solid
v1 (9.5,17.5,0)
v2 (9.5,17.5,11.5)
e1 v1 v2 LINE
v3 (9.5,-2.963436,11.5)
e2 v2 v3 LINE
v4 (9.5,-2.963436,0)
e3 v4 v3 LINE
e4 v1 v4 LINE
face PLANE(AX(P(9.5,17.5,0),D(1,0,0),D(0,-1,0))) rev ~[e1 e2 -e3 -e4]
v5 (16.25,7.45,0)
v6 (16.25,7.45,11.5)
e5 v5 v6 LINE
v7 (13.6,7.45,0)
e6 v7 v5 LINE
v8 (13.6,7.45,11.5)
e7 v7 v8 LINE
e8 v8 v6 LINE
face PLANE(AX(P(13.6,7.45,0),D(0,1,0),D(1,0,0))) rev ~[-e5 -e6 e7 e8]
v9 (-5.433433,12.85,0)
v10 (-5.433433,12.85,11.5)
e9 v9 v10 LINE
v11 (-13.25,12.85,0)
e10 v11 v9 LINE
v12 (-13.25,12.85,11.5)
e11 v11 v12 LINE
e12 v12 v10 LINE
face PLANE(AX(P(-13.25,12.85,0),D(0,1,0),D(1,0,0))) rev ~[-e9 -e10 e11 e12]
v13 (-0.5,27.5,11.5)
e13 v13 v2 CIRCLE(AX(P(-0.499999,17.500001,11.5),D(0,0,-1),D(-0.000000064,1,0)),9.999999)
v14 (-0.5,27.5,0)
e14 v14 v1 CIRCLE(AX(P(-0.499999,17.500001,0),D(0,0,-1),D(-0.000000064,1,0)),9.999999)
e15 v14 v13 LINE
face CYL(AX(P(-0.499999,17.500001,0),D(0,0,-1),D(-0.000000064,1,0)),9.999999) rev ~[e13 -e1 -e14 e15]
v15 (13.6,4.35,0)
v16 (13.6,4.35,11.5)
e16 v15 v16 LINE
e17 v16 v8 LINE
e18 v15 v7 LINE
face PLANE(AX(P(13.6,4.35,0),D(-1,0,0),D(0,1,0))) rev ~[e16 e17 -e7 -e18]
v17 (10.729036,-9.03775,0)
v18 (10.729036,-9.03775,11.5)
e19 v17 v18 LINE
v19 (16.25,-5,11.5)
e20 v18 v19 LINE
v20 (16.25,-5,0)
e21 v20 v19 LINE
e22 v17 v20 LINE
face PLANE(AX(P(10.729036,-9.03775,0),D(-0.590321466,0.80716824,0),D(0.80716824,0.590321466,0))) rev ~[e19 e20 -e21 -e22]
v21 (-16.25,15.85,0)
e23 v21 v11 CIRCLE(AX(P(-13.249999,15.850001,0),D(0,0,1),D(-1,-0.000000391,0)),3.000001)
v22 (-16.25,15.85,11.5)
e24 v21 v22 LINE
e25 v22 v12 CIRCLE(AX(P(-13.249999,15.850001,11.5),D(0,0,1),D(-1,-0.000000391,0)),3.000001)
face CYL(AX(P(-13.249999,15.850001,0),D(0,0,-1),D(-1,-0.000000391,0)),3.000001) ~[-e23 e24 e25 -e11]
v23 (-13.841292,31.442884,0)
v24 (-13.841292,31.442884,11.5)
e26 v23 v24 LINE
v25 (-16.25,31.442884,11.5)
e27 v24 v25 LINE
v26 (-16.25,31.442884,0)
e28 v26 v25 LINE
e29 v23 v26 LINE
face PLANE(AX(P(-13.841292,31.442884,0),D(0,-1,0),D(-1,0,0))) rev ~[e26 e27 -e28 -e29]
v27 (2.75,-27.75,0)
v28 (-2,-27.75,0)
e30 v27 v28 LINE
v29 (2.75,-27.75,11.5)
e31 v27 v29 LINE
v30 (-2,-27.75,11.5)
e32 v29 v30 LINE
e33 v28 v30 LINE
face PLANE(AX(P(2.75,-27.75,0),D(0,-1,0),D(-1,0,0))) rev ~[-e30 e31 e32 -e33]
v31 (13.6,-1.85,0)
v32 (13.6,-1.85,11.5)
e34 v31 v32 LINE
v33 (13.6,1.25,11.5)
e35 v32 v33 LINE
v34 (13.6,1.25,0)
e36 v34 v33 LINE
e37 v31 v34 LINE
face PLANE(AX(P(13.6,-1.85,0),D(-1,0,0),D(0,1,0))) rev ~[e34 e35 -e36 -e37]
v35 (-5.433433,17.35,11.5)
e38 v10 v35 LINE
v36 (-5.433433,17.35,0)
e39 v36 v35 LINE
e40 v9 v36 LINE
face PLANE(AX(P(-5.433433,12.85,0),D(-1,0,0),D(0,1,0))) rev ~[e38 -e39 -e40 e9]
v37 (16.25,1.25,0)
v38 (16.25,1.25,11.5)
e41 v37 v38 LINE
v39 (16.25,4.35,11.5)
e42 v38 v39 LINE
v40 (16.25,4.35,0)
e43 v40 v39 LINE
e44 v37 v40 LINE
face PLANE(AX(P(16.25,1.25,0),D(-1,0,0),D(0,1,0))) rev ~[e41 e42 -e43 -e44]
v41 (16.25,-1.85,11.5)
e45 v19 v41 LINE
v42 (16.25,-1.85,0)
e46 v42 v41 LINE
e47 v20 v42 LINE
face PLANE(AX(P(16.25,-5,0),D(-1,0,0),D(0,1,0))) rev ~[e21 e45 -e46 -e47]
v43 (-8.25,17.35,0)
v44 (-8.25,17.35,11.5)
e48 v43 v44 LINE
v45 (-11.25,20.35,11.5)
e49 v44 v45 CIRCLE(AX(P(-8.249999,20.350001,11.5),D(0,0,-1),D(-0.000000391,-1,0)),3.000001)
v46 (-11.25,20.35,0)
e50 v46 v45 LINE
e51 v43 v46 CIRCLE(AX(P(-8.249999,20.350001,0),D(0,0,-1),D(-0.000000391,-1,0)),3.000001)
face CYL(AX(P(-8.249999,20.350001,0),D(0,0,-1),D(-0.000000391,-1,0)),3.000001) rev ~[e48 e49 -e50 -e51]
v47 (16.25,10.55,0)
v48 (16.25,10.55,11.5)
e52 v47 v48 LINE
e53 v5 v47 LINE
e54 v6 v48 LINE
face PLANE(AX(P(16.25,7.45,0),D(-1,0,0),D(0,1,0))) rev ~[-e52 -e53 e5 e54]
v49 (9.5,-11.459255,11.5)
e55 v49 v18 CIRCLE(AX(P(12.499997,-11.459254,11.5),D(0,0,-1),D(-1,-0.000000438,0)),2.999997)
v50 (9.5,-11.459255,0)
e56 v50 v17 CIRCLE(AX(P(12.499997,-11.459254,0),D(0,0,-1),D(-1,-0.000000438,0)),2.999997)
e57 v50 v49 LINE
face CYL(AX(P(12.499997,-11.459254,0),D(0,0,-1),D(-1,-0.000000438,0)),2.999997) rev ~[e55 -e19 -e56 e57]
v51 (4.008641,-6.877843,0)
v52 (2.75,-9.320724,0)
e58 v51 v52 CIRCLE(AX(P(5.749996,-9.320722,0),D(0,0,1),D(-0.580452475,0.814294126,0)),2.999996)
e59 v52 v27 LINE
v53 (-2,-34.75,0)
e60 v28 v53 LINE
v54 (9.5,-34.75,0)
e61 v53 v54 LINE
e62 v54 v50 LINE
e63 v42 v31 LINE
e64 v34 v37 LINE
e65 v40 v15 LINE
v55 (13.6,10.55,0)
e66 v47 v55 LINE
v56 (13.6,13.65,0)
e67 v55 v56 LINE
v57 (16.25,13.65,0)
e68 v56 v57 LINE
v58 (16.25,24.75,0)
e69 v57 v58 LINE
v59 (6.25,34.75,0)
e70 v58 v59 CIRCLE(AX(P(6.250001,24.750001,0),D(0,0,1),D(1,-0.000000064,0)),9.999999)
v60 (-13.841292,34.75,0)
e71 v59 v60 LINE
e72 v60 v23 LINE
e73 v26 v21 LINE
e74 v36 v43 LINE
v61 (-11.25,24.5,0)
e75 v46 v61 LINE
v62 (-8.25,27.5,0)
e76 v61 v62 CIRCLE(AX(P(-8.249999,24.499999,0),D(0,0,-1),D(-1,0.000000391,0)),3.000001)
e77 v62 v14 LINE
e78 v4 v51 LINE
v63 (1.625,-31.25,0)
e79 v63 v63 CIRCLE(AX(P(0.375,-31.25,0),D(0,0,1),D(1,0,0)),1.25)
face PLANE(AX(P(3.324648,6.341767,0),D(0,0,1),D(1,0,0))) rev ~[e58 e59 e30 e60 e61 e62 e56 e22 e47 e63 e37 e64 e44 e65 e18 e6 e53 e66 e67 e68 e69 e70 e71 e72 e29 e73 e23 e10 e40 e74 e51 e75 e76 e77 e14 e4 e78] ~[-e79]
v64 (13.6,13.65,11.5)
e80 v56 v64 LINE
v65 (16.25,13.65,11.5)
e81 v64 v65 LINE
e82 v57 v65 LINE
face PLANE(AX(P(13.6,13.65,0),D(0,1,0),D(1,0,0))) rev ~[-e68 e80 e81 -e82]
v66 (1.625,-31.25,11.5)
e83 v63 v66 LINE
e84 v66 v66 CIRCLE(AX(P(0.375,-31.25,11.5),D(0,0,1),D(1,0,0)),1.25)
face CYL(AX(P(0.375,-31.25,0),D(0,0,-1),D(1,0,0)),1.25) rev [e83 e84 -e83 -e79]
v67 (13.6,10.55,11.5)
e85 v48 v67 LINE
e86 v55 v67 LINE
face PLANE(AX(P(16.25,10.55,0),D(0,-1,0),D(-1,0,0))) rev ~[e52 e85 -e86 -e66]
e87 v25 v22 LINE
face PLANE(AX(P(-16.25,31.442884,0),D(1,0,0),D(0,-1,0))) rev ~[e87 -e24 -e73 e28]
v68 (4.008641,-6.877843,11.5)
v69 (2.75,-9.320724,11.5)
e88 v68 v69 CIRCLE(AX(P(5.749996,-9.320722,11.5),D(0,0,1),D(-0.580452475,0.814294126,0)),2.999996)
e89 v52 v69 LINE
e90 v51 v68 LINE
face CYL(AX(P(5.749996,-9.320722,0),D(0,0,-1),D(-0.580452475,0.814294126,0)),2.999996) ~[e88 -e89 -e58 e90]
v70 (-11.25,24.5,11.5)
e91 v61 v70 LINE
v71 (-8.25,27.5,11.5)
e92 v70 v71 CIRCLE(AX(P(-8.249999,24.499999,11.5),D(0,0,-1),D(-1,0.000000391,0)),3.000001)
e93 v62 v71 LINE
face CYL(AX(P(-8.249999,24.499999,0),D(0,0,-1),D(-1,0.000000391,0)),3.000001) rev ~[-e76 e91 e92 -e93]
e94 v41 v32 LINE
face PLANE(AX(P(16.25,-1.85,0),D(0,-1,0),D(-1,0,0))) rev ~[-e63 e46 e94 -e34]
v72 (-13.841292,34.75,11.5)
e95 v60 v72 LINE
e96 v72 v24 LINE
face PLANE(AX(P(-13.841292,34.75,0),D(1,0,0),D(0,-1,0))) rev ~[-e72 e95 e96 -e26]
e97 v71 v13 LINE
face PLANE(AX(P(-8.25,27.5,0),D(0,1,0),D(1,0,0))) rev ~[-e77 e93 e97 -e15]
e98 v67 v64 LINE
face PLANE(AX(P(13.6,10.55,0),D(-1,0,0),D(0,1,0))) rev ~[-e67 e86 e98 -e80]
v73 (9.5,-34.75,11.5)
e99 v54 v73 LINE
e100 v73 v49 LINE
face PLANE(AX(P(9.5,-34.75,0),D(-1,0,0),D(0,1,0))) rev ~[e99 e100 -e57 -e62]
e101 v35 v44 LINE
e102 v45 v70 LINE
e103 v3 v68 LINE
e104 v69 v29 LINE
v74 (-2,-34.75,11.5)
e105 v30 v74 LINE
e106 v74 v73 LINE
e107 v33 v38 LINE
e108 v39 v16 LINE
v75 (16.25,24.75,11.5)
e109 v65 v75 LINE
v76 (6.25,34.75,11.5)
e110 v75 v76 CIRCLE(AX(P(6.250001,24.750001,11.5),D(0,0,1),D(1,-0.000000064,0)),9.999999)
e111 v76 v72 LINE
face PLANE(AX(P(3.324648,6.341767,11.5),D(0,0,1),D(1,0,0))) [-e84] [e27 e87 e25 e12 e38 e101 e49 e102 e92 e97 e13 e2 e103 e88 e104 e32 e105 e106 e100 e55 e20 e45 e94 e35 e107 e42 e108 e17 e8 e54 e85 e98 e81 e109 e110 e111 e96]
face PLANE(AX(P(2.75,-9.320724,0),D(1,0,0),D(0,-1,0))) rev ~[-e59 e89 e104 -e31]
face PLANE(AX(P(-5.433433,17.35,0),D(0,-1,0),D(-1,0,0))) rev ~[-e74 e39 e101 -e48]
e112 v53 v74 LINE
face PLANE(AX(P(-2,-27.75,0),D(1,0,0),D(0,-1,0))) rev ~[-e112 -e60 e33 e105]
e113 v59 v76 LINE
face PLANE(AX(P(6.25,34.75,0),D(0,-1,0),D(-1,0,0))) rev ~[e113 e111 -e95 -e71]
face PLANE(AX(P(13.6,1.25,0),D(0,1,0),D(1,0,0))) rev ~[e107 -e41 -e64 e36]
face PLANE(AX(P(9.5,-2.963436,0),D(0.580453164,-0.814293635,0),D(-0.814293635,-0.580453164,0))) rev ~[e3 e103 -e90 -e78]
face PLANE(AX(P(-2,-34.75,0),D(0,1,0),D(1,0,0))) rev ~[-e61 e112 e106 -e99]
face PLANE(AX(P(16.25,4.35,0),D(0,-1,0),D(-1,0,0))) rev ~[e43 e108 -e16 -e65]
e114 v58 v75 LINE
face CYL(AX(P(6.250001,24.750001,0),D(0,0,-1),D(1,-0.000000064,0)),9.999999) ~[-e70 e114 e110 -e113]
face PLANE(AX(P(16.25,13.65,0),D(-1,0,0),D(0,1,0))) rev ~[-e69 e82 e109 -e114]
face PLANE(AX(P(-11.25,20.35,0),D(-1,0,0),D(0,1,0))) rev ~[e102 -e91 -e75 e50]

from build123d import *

# Parameters (mm, degrees)
F0_R     = 1.25
F1_DEPTH = 11.5


with BuildPart() as f1:
    # F0 (on Top) → F1 (new body)
    with BuildSketch(Plane.XY):
        with BuildLine():
            Line((-2, -34.75), (4.75, -34.75))
            Line((4.75, -34.75), (9.5, -34.75))
            Line((9.5, -34.75), (9.5, -27.75))
            Line((9.5, -27.75), (9.5, -11.459255))
            ThreePointArc((9.5, -11.459255), (9.824846, -10.10148), (10.729036, -9.03775))
            Line((10.729036, -9.03775), (16.25, -5))
            Line((16.25, -5), (16.25, -1.85))
            Line((16.25, -1.85), (13.6, -1.85))
            Line((13.6, -1.85), (13.6, 1.25))
            Line((13.6, 1.25), (16.25, 1.25))
            Line((16.25, 1.25), (16.25, 4.35))
            Line((16.25, 4.35), (13.6, 4.35))
            Line((13.6, 4.35), (13.6, 7.45))
            Line((13.6, 7.45), (16.25, 7.45))
            Line((16.25, 7.45), (16.25, 10.55))
            Line((16.25, 10.55), (13.6, 10.55))
            Line((13.6, 10.55), (13.6, 13.65))
            Line((13.6, 13.65), (16.25, 13.65))
            Line((16.25, 13.65), (16.25, 24.75))
            ThreePointArc((16.25, 24.75), (13.321068, 31.821068), (6.25, 34.75))
            Line((6.25, 34.75), (-13.841292, 34.75))
            Line((-13.841292, 34.75), (-13.841292, 31.442884))
            Line((-13.841292, 31.442884), (-16.25, 31.442884))
            Line((-16.25, 31.442884), (-16.25, 15.85))
            ThreePointArc((-16.25, 15.85), (-15.37132, 13.72868), (-13.25, 12.85))
            Line((-13.25, 12.85), (-5.433433, 12.85))
            Line((-5.433433, 12.85), (-5.433433, 17.35))
            Line((-5.433433, 17.35), (-8.25, 17.35))
            ThreePointArc((-8.25, 17.35), (-10.37132, 18.22868), (-11.25, 20.35))
            Line((-11.25, 20.35), (-11.25, 24.5))
            ThreePointArc((-11.25, 24.5), (-10.37132, 26.62132), (-8.25, 27.5))
            Line((-8.25, 27.5), (-0.5, 27.5))
            ThreePointArc((-0.5, 27.5), (6.571068, 24.571068), (9.5, 17.5))
            Line((9.5, 17.5), (9.5, -2.963436))
            Line((9.5, -2.963436), (4.008641, -6.877843))
            ThreePointArc((4.008641, -6.877843), (3.083159, -7.946693), (2.75, -9.320724))
            Line((2.75, -9.320724), (2.75, -9.936604))
            Line((2.75, -9.936604), (2.75, -27.75))
            Line((2.75, -27.75), (-2, -27.75))
            Line((-2, -27.75), (-2, -34.75))
        make_face()
        with Locations((0.375, -31.25)):
            Circle(F0_R, mode=Mode.SUBTRACT)
    extrude(amount=F1_DEPTH)


solid = f1.part
